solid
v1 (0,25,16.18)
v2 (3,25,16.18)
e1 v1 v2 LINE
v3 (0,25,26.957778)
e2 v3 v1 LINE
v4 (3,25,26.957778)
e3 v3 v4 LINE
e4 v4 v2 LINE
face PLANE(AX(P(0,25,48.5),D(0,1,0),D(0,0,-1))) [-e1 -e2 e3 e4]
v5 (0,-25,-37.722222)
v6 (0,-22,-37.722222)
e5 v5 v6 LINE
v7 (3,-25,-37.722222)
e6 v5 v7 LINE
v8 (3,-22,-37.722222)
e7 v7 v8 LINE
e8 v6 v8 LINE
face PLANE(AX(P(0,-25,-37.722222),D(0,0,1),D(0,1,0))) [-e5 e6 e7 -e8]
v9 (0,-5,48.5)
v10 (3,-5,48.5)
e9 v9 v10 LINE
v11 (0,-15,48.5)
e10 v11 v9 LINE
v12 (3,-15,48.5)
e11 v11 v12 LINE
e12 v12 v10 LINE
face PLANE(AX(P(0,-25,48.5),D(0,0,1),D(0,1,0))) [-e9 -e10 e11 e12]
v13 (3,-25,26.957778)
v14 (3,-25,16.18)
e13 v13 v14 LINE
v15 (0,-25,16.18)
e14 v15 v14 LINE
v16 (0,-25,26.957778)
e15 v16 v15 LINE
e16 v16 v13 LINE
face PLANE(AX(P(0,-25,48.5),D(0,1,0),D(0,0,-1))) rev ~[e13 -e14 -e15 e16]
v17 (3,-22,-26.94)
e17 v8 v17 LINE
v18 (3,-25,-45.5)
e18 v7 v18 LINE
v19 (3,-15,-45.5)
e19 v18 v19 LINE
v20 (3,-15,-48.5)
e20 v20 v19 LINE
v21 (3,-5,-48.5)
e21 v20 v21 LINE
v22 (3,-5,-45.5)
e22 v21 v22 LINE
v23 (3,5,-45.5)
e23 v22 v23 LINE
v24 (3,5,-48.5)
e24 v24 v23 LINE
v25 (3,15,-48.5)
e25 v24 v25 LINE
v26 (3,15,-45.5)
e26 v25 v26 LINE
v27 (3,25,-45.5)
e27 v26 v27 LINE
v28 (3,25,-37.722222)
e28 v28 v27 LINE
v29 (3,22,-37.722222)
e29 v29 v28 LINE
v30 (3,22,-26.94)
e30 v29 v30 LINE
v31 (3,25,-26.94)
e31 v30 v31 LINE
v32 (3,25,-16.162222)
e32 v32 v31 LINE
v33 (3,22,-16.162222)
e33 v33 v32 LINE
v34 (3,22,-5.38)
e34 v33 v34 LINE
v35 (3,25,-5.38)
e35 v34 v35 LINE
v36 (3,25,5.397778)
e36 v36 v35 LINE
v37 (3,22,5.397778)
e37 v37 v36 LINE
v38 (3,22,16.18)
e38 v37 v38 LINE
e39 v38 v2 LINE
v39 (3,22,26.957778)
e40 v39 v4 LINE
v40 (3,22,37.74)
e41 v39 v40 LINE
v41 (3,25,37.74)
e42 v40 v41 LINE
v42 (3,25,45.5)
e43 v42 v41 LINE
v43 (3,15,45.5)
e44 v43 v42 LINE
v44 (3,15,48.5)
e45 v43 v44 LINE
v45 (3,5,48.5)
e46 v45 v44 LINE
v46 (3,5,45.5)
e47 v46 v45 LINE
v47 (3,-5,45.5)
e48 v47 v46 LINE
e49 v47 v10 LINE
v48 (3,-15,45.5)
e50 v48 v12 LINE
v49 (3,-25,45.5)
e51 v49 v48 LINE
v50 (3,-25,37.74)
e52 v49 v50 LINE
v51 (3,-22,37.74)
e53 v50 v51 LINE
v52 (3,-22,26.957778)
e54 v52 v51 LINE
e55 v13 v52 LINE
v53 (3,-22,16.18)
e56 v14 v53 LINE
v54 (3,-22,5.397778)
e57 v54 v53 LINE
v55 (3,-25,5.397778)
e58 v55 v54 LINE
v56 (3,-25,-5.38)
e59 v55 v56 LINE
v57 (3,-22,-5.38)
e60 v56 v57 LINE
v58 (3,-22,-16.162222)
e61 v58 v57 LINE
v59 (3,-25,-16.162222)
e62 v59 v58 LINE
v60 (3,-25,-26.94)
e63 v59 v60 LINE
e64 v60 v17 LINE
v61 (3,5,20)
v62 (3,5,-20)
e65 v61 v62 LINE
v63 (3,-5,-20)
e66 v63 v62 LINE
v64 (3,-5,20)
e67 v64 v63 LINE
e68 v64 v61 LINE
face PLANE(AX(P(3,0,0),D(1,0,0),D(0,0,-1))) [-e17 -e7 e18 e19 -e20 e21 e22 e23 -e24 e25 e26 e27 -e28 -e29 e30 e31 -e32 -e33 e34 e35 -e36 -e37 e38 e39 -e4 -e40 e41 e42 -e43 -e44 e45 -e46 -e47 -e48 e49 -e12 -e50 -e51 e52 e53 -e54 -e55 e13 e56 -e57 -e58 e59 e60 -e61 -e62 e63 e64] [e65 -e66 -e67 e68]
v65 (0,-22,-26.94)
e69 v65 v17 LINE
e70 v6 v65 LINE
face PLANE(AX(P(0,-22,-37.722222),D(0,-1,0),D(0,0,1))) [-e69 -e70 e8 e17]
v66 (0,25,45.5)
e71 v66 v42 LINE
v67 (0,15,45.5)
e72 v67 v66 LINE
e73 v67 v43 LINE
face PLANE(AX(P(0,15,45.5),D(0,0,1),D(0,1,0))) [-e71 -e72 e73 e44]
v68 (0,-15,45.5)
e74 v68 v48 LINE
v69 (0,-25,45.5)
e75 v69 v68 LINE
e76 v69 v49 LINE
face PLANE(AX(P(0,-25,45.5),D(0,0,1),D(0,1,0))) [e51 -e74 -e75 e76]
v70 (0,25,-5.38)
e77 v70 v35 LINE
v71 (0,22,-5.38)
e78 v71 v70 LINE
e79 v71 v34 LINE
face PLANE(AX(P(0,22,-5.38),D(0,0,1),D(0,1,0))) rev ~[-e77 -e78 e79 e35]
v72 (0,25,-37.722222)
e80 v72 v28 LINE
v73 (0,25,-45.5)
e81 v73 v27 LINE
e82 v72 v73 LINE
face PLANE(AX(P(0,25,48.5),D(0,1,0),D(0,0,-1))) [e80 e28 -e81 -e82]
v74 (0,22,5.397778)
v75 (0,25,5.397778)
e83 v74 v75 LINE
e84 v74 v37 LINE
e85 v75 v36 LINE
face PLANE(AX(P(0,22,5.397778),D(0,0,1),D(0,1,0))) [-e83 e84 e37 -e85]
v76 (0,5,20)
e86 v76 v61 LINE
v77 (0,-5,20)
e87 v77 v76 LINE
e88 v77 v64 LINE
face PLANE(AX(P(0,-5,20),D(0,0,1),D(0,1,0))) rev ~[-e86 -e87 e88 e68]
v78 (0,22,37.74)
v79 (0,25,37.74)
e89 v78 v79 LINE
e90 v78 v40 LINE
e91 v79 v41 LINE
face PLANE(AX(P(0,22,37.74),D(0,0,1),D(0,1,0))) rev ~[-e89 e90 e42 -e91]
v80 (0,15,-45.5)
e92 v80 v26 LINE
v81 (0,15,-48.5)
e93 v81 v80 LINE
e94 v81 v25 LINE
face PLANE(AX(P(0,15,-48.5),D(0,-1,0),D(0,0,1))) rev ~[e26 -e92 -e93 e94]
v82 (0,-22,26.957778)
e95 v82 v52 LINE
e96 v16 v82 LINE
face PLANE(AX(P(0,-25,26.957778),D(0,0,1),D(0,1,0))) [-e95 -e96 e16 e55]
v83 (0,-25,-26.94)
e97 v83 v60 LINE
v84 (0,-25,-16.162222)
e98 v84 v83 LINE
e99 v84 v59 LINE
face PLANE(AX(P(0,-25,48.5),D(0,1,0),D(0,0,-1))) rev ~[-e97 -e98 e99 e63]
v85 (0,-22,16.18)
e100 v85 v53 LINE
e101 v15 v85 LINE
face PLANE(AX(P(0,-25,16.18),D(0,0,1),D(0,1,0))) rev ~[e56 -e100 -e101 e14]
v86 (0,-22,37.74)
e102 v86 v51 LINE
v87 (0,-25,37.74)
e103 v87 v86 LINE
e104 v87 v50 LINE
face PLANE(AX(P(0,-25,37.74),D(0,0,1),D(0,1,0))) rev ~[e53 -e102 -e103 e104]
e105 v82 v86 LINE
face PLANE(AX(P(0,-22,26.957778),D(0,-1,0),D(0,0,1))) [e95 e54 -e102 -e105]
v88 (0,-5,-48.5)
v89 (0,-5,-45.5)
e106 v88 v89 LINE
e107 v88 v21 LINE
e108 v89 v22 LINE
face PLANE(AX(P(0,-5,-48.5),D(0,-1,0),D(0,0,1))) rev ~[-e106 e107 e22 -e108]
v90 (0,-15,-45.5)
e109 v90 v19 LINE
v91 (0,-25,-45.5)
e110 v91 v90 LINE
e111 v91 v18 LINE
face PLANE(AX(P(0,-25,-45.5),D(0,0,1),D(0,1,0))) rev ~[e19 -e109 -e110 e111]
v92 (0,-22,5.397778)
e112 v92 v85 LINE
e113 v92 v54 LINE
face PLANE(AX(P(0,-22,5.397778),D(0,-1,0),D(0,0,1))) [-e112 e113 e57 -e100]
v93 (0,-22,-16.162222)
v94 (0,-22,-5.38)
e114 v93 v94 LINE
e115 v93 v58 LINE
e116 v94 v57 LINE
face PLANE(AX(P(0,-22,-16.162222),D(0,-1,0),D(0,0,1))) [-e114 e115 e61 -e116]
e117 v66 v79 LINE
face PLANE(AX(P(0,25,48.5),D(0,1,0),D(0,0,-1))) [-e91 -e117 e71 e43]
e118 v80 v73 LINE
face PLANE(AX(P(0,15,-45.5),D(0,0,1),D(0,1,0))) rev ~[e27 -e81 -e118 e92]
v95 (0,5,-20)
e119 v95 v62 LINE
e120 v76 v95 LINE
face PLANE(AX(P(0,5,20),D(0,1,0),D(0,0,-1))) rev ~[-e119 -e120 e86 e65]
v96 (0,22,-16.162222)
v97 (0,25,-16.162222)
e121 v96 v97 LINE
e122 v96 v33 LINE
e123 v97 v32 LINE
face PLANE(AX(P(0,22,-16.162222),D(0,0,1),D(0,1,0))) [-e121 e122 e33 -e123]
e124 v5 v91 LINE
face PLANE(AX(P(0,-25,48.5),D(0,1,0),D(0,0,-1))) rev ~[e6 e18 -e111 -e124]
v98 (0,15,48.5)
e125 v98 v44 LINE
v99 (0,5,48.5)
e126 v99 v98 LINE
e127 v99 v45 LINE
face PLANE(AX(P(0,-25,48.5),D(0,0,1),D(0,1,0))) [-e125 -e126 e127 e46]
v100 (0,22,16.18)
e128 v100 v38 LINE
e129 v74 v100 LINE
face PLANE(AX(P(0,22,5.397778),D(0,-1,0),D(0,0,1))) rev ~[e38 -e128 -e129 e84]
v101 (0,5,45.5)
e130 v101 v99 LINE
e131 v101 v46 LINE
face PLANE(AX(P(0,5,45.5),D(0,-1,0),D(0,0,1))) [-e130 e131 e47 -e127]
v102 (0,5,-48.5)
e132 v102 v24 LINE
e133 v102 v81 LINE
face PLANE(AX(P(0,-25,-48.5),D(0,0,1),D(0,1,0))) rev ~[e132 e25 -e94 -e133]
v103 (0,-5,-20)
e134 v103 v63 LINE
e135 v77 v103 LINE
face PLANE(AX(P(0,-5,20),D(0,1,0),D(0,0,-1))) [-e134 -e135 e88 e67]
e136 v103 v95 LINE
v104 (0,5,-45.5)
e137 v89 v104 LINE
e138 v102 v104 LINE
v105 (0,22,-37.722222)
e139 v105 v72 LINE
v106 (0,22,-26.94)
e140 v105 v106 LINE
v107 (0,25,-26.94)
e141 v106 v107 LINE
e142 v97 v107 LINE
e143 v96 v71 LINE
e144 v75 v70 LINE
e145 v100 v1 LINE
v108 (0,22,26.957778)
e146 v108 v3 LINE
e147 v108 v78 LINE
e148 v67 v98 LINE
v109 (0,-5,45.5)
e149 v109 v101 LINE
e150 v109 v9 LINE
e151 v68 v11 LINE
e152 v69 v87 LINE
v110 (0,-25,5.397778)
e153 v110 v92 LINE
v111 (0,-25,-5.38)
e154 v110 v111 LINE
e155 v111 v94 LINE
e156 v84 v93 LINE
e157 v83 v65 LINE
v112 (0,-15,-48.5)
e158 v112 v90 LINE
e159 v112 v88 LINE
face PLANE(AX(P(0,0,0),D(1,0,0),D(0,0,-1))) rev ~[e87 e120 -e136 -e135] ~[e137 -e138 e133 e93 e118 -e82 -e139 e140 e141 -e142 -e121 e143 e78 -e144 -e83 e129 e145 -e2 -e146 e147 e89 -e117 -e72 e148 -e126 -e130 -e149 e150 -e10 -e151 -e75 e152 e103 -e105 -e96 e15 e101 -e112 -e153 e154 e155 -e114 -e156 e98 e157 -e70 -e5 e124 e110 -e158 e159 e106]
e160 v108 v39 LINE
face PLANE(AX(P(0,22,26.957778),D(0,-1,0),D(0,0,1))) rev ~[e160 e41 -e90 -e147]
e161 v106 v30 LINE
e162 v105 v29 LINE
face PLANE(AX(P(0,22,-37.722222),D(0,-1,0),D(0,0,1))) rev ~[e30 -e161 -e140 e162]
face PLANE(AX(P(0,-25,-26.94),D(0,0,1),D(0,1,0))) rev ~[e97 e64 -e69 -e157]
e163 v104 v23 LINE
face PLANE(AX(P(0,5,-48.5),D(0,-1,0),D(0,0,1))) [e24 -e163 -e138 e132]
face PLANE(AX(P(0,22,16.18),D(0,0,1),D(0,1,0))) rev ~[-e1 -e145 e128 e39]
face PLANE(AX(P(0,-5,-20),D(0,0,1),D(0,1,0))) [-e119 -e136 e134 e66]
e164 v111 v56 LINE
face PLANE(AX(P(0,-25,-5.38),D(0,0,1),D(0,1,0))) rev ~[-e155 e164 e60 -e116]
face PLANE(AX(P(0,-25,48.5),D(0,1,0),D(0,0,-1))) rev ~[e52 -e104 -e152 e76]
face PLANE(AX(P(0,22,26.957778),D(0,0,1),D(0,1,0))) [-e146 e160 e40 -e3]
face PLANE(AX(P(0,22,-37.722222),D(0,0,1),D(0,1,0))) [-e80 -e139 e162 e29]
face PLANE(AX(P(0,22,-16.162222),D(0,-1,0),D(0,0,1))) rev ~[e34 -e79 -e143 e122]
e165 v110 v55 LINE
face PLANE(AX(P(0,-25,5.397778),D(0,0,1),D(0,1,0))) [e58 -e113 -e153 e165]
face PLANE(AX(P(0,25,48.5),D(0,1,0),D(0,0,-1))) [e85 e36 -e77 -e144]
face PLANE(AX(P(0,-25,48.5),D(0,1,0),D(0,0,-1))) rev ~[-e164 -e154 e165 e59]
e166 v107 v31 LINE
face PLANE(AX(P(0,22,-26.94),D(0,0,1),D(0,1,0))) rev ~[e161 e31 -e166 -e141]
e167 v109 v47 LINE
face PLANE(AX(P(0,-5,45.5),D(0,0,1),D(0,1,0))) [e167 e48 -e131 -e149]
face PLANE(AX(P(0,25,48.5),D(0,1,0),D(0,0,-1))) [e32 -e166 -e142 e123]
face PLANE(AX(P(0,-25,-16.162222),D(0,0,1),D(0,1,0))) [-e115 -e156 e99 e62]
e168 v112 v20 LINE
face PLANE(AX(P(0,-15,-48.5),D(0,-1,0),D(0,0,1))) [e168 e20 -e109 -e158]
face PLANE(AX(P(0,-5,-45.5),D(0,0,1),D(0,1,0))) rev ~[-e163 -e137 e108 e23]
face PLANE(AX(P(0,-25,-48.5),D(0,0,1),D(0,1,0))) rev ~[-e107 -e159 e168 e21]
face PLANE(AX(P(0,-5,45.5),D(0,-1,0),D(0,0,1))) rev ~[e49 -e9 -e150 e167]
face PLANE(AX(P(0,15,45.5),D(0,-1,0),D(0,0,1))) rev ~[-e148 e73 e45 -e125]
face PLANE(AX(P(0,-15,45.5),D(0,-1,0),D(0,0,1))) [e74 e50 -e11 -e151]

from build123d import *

# Parameters (mm, degrees)
ESBO_O1_W                = 97
ESBO_O1_H                = 50
RESSALTO_EXTRUS_O1_DEPTH = 3
CORTE_EXTRUS_O1_REACH    = 56.647
ESBO_O2_W                = 10.782222222
ESBO_O2_H                = 3
CORTE_EXTRUS_O2_REACH    = 56.647
ESBO_O4_W                = 3
ESBO_O4_H                = 10
CORTE_EXTRUS_O5_REACH    = 56.647
ESBO_O3_W                = 40
ESBO_O3_H                = 10


with BuildPart() as part:
    # Esboço1 → Ressalto-extrusão1 (new body)
    with BuildSketch(Plane(origin=(0, 0, 0), x_dir=(0, 0, -1), z_dir=(1, 0, 0))):
        Rectangle(ESBO_O1_W, ESBO_O1_H)
    extrude(amount=RESSALTO_EXTRUS_O1_DEPTH)

    # Esboço2 → Corte-extrusão1 (cut, up to next)
    with BuildSketch(Plane.ZY, mode=Mode.PRIVATE) as corte_extrus_o1_sk1:
        with Locations((-10.771111111, 23.5)):
            Rectangle(ESBO_O2_W, ESBO_O2_H)
    corte_extrus_o1_tool1 = extrude(corte_extrus_o1_sk1.sketch, amount=-CORTE_EXTRUS_O1_REACH, mode=Mode.PRIVATE) & part.part
    # Esboço2 → Corte-extrusão1 (cut, up to next)
    with BuildSketch(Plane.ZY, mode=Mode.PRIVATE) as corte_extrus_o1_sk2:
        with Locations((-32.331111111, 23.5)):
            Rectangle(ESBO_O2_W, ESBO_O2_H)
    corte_extrus_o1_tool2 = extrude(corte_extrus_o1_sk2.sketch, amount=-CORTE_EXTRUS_O1_REACH, mode=Mode.PRIVATE) & part.part
    # Esboço2 → Corte-extrusão1 (cut, up to next)
    with BuildSketch(Plane.ZY, mode=Mode.PRIVATE) as corte_extrus_o1_sk3:
        with Locations((10.788888889, 23.5)):
            Rectangle(ESBO_O2_W, ESBO_O2_H)
    corte_extrus_o1_tool3 = extrude(corte_extrus_o1_sk3.sketch, amount=-CORTE_EXTRUS_O1_REACH, mode=Mode.PRIVATE) & part.part
    # Esboço2 → Corte-extrusão1 (cut, up to next)
    with BuildSketch(Plane.ZY, mode=Mode.PRIVATE) as corte_extrus_o1_sk4:
        with Locations((32.348888889, 23.5)):
            Rectangle(ESBO_O2_W, ESBO_O2_H)
    corte_extrus_o1_tool4 = extrude(corte_extrus_o1_sk4.sketch, amount=-CORTE_EXTRUS_O1_REACH, mode=Mode.PRIVATE) & part.part
    # Esboço2 → Corte-extrusão1 (cut, up to next)
    with BuildSketch(Plane.ZY, mode=Mode.PRIVATE) as corte_extrus_o1_sk5:
        with Locations((-32.331111111, -23.5)):
            Rectangle(ESBO_O2_W, ESBO_O2_H)
    corte_extrus_o1_tool5 = extrude(corte_extrus_o1_sk5.sketch, amount=-CORTE_EXTRUS_O1_REACH, mode=Mode.PRIVATE) & part.part
    # Esboço2 → Corte-extrusão1 (cut, up to next)
    with BuildSketch(Plane.ZY, mode=Mode.PRIVATE) as corte_extrus_o1_sk6:
        with Locations((32.348888889, -23.5)):
            Rectangle(ESBO_O2_W, ESBO_O2_H)
    corte_extrus_o1_tool6 = extrude(corte_extrus_o1_sk6.sketch, amount=-CORTE_EXTRUS_O1_REACH, mode=Mode.PRIVATE) & part.part
    # Esboço2 → Corte-extrusão1 (cut, up to next)
    with BuildSketch(Plane.ZY, mode=Mode.PRIVATE) as corte_extrus_o1_sk7:
        with Locations((-10.771111111, -23.5)):
            Rectangle(ESBO_O2_W, ESBO_O2_H)
    corte_extrus_o1_tool7 = extrude(corte_extrus_o1_sk7.sketch, amount=-CORTE_EXTRUS_O1_REACH, mode=Mode.PRIVATE) & part.part
    # Esboço2 → Corte-extrusão1 (cut, up to next)
    with BuildSketch(Plane.ZY, mode=Mode.PRIVATE) as corte_extrus_o1_sk8:
        with Locations((10.788888889, -23.5)):
            Rectangle(ESBO_O2_W, ESBO_O2_H)
    corte_extrus_o1_tool8 = extrude(corte_extrus_o1_sk8.sketch, amount=-CORTE_EXTRUS_O1_REACH, mode=Mode.PRIVATE) & part.part
    add(corte_extrus_o1_tool1.solids().sort_by_distance((0, 23.5, -10.771111))[0], mode=Mode.SUBTRACT)
    add(corte_extrus_o1_tool2.solids().sort_by_distance((0, 23.5, -32.331111))[0], mode=Mode.SUBTRACT)
    add(corte_extrus_o1_tool3.solids().sort_by_distance((0, 23.5, 10.788889))[0], mode=Mode.SUBTRACT)
    add(corte_extrus_o1_tool4.solids().sort_by_distance((0, 23.5, 32.348889))[0], mode=Mode.SUBTRACT)
    add(corte_extrus_o1_tool5.solids().sort_by_distance((0, -23.5, -32.331111))[0], mode=Mode.SUBTRACT)
    add(corte_extrus_o1_tool6.solids().sort_by_distance((0, -23.5, 32.348889))[0], mode=Mode.SUBTRACT)
    add(corte_extrus_o1_tool7.solids().sort_by_distance((0, -23.5, -10.771111))[0], mode=Mode.SUBTRACT)
    add(corte_extrus_o1_tool8.solids().sort_by_distance((0, -23.5, 10.788889))[0], mode=Mode.SUBTRACT)

    # Esboço4 → Corte-extrusão2 (cut, up to next)
    with BuildSketch(Plane.ZY, mode=Mode.PRIVATE) as corte_extrus_o2_sk1:
        with Locations((47, 20)):
            Rectangle(ESBO_O4_W, ESBO_O4_H)
    corte_extrus_o2_tool1 = extrude(corte_extrus_o2_sk1.sketch, amount=-CORTE_EXTRUS_O2_REACH, mode=Mode.PRIVATE) & part.part
    # Esboço4 → Corte-extrusão2 (cut, up to next)
    with BuildSketch(Plane.ZY, mode=Mode.PRIVATE) as corte_extrus_o2_sk2:
        with Locations((-47, -20)):
            Rectangle(ESBO_O4_W, ESBO_O4_H)
    corte_extrus_o2_tool2 = extrude(corte_extrus_o2_sk2.sketch, amount=-CORTE_EXTRUS_O2_REACH, mode=Mode.PRIVATE) & part.part
    # Esboço4 → Corte-extrusão2 (cut, up to next)
    with BuildSketch(Plane.ZY, mode=Mode.PRIVATE) as corte_extrus_o2_sk3:
        with Locations((-47, 20)):
            Rectangle(ESBO_O4_W, ESBO_O4_H)
    corte_extrus_o2_tool3 = extrude(corte_extrus_o2_sk3.sketch, amount=-CORTE_EXTRUS_O2_REACH, mode=Mode.PRIVATE) & part.part
    # Esboço4 → Corte-extrusão2 (cut, up to next)
    with BuildSketch(Plane.ZY, mode=Mode.PRIVATE) as corte_extrus_o2_sk4:
        with Locations((47, -20)):
            Rectangle(ESBO_O4_W, ESBO_O4_H)
    corte_extrus_o2_tool4 = extrude(corte_extrus_o2_sk4.sketch, amount=-CORTE_EXTRUS_O2_REACH, mode=Mode.PRIVATE) & part.part
    # Esboço4 → Corte-extrusão2 (cut, up to next)
    with BuildSketch(Plane.ZY, mode=Mode.PRIVATE) as corte_extrus_o2_sk5:
        with Locations((47, 0)):
            Rectangle(ESBO_O4_W, ESBO_O4_H)
    corte_extrus_o2_tool5 = extrude(corte_extrus_o2_sk5.sketch, amount=-CORTE_EXTRUS_O2_REACH, mode=Mode.PRIVATE) & part.part
    # Esboço4 → Corte-extrusão2 (cut, up to next)
    with BuildSketch(Plane.ZY, mode=Mode.PRIVATE) as corte_extrus_o2_sk6:
        with Locations((-47, 0)):
            Rectangle(ESBO_O4_W, ESBO_O4_H)
    corte_extrus_o2_tool6 = extrude(corte_extrus_o2_sk6.sketch, amount=-CORTE_EXTRUS_O2_REACH, mode=Mode.PRIVATE) & part.part
    add(corte_extrus_o2_tool1.solids().sort_by_distance((0, 20, 47))[0], mode=Mode.SUBTRACT)
    add(corte_extrus_o2_tool2.solids().sort_by_distance((0, -20, -47))[0], mode=Mode.SUBTRACT)
    add(corte_extrus_o2_tool3.solids().sort_by_distance((0, 20, -47))[0], mode=Mode.SUBTRACT)
    add(corte_extrus_o2_tool4.solids().sort_by_distance((0, -20, 47))[0], mode=Mode.SUBTRACT)
    add(corte_extrus_o2_tool5.solids().sort_by_distance((0, 0, 47))[0], mode=Mode.SUBTRACT)
    add(corte_extrus_o2_tool6.solids().sort_by_distance((0, 0, -47))[0], mode=Mode.SUBTRACT)

    # Esboço3 → Corte-extrusão5 (cut, up to next)
    with BuildSketch(Plane(origin=(0, 0, 0), x_dir=(0, 0, -1), z_dir=(1, 0, 0)), mode=Mode.PRIVATE) as corte_extrus_o5_sk1:
        Rectangle(ESBO_O3_W, ESBO_O3_H)
    corte_extrus_o5_tool1 = extrude(corte_extrus_o5_sk1.sketch, amount=CORTE_EXTRUS_O5_REACH, mode=Mode.PRIVATE) & part.part
    add(corte_extrus_o5_tool1.solids().sort_by_distance((0, 0, 0))[0], mode=Mode.SUBTRACT)


solid = part.part
